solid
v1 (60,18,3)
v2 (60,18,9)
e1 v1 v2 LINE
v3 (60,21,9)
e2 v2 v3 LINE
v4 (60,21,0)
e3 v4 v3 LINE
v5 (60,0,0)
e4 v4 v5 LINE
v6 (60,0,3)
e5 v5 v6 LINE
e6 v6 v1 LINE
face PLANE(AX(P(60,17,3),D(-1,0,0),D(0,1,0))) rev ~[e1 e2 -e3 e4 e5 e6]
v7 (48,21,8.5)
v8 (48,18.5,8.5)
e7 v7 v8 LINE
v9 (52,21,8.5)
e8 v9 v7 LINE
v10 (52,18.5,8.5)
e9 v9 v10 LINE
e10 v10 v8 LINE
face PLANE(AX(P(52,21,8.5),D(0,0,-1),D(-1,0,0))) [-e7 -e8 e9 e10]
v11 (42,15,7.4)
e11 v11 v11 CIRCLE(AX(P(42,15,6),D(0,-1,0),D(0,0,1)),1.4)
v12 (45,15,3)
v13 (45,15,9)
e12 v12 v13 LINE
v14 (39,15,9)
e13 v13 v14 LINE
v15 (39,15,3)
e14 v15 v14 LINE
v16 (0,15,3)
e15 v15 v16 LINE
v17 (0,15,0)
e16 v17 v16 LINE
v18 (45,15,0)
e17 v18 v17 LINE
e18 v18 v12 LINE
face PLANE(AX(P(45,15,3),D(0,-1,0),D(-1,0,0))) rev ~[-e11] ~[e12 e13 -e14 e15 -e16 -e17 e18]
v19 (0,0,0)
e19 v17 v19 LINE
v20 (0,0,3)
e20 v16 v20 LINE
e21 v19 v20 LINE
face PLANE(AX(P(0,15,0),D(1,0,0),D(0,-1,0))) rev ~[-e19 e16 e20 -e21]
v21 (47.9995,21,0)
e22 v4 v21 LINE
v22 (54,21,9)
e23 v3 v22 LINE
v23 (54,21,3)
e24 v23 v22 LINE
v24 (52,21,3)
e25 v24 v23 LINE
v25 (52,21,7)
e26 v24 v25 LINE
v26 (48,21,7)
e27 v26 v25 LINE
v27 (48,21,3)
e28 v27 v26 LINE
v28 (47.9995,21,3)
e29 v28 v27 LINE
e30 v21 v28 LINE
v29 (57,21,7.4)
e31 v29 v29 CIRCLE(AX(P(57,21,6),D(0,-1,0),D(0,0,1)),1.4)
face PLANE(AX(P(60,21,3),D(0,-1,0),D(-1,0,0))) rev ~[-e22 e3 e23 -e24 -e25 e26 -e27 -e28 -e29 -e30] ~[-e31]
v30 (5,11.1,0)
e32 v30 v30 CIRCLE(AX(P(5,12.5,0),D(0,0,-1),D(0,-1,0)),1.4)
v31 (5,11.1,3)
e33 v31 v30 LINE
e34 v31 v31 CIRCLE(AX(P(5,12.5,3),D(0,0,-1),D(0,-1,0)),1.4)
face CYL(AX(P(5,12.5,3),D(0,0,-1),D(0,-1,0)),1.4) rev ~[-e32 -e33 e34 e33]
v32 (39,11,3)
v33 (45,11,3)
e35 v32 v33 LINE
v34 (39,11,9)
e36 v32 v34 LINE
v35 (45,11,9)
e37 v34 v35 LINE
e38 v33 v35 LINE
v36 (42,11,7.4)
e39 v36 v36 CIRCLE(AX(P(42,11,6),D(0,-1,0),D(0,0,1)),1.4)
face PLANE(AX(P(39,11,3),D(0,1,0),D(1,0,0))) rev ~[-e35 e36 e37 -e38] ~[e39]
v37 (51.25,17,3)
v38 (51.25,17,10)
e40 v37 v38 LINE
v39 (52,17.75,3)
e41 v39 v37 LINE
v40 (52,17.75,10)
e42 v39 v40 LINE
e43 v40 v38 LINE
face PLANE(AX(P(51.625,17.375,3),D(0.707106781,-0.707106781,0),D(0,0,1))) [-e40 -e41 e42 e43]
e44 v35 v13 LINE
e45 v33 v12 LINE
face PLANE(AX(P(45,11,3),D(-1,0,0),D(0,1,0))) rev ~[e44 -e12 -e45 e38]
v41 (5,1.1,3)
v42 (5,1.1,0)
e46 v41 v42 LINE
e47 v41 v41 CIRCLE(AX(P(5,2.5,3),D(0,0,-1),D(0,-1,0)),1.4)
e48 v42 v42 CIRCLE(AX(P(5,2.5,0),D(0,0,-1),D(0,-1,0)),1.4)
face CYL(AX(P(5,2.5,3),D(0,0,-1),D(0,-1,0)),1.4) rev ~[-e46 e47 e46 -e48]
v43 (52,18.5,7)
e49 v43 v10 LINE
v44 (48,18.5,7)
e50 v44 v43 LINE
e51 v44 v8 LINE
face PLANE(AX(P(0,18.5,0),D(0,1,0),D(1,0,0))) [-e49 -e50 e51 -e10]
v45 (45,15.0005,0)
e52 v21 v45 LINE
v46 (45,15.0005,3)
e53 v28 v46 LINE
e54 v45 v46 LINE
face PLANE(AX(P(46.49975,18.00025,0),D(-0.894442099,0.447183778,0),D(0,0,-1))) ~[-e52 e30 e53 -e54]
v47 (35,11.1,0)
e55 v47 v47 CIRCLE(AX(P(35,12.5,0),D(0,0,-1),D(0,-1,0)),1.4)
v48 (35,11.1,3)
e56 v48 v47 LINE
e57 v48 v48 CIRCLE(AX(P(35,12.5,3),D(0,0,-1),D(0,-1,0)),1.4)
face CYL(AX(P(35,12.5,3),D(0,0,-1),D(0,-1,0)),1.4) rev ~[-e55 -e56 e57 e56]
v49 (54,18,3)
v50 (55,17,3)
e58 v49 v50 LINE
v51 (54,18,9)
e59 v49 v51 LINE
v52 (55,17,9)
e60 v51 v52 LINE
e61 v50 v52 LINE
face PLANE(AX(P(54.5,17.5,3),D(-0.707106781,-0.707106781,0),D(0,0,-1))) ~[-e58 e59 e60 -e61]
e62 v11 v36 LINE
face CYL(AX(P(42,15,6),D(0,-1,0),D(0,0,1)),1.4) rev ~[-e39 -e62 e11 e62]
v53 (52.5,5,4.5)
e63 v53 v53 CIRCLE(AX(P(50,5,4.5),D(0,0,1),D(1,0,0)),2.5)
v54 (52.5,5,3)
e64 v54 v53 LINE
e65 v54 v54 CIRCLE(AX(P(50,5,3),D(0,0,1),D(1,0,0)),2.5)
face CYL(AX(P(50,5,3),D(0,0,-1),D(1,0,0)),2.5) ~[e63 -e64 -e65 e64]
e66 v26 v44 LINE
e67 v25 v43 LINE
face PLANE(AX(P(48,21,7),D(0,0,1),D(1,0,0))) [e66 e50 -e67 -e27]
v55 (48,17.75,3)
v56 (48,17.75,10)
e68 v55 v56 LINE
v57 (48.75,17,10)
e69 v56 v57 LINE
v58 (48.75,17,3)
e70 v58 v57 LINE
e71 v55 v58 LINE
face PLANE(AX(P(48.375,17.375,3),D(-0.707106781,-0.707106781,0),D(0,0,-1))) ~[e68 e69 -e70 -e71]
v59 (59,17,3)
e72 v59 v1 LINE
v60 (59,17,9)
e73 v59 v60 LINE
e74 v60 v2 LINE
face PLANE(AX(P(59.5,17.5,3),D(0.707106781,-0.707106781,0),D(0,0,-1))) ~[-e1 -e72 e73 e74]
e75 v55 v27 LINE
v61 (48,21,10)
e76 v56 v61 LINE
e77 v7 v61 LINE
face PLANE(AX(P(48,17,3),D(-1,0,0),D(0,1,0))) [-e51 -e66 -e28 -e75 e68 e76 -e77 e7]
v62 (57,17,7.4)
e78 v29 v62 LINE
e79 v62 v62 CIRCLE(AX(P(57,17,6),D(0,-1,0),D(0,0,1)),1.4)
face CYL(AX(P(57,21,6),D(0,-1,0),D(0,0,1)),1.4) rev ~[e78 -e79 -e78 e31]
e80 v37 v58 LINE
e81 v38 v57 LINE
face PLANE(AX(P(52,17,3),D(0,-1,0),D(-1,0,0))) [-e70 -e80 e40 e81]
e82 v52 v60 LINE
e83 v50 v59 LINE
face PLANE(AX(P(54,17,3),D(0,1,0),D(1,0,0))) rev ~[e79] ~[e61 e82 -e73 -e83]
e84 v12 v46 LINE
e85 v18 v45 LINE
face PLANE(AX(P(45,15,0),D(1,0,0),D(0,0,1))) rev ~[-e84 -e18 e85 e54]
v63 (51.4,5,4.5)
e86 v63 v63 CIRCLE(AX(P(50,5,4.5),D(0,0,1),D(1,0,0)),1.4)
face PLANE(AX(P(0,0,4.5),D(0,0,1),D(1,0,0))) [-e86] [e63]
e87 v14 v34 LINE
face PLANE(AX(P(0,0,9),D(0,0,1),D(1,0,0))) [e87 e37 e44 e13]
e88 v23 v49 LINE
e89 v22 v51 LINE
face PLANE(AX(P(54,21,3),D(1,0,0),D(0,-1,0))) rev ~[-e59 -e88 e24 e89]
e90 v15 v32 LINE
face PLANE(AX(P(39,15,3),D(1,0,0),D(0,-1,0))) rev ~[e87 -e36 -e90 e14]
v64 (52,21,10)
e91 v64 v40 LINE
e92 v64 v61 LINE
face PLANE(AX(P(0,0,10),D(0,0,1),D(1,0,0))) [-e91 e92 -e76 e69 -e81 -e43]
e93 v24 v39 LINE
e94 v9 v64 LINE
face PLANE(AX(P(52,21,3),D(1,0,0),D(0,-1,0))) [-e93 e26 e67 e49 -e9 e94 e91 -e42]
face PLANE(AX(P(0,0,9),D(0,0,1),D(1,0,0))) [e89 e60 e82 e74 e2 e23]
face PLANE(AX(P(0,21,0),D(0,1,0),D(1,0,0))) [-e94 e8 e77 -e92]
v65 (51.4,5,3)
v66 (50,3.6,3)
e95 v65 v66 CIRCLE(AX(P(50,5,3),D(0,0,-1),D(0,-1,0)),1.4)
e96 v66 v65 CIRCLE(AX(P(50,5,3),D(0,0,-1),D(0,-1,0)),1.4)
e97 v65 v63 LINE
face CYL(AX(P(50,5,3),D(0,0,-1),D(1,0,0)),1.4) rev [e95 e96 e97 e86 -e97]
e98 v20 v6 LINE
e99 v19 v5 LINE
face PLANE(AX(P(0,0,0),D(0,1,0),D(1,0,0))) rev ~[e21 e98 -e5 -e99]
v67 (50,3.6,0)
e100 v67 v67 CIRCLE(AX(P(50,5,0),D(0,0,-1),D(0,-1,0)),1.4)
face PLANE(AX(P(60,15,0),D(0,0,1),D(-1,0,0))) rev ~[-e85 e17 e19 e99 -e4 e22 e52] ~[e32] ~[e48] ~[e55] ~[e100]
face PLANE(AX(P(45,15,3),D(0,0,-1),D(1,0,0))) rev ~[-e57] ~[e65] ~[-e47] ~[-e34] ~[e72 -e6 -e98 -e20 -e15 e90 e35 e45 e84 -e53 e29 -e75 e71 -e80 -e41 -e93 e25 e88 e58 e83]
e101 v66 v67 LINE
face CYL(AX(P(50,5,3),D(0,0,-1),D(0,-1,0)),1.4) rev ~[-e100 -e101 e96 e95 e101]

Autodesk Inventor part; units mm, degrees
ref_plane "YZ Plane" through (0, 0, 0) normal (1, 0, 0) x (0, 1, 0)
ref_plane "XZ Plane" through (0, 0, 0) normal (0, 1, 0) x (-1, 0, 0)
ref_plane "XY Plane" through (0, 0, 0) normal (0, 0, 1) x (1, 0, 0)
sketch "Sketch1" plane through (0, 0, 0) normal (0, 0, 1) x (1, 0, 0)
  line L0 (0, 0) -> (60, 0)
  line L1 (60, 0) -> (60, 15)
  line L2 (60, 15) -> (0, 15)
  line L3 (0, 15) -> (0, 0)
  dimension "d0" = 60
  dimension "d1" = 15
extrude "Extrusion1" add sketch "Sketch1" along normal blind 3
sketch "Sketch2" plane through (0, 0, 3) normal (0, 0, 1) x (1, 0, 0)
  line L0 (0, 15) -> (0, 0) projected
  line L1 (0, 0) -> (60, 0) projected
  point P0 (50, 5)
  dimension "d4" = 50
  dimension "d5" = 5
hole "Hole1" at (50, 5, 3) direction (0, 0, -1) diameter 2.8 depth 10
sketch "Sketch3" plane through (0, 0, 3) normal (0, 0, 1) x (1, 0, 0)
  point P0 (0, 0)
sketch "Sketch4" plane through (0, 0, 3) normal (0, 0, 1) x (1, 0, 0)
  circle A0 centre (50, 5) radius 2.5
  circle A1 centre (50, 5) radius 1.4 projected
  circle A2 centre (50, 5) radius 1.4
  point P0 (0, 0)
  dimension "d13" = 5
extrude "Extrusion2" add sketch "Sketch4" along normal blind 1.5
sketch "Sketch5" plane through (0, 15, 0) normal (0, 1, 0) x (1, 0, 0)
  line L0 (0, -3) -> (60, -3) projected
  line L1 (60, 0) -> (45, 0)
  line L2 (45, 0) -> (45, -3)
  line L3 (45, -3) -> (60, -3)
  line L4 (60, -3) -> (60, 0)
  point P0 (0, 0)
  dimension "d16" = 15
extrude "Extrusion3" add sketch "Sketch5" along normal blind 6
sketch "Sketch6" plane through (0, 0, 3) normal (0, 0, 1) x (1, 0, 0)
  line L0 (60, 21) -> (45, 21) projected
  line L1 (48, 21) -> (52, 21)
  line L2 (52, 21) -> (52, 17)
  line L3 (52, 17) -> (48, 17)
  line L4 (48, 17) -> (48, 21)
  line L5 (60, 0) -> (60, 21) projected
  point P0 (0, 0)
  dimension "d19" = 4
  dimension "d20" = 4
  dimension "d21" = 8
extrude "Extrusion4" add sketch "Sketch6" along normal blind 7
sketch "Sketch7" plane through (0, 21, 0) normal (0, 1, 0) x (1, 0, 0)
  line L0 (48, -3) -> (48, -10) projected
  line L1 (52, -3) -> (52, -10) projected
  line L2 (48, -7) -> (52, -7)
  line L3 (52, -7) -> (52, -8.5)
  line L4 (52, -8.5) -> (48, -8.5)
  line L5 (48, -8.5) -> (48, -7)
  line L6 (52, -10) -> (48, -10) projected
  point P0 (0, 0)
  point P1 (50, -8.5)
  dimension "d24" = 1.5
  dimension "d25" = 1.5
extrude "Extrusion5" cut sketch "Sketch7" against normal blind 2.5 contours L2 L1 L4 L0
sketch "Sketch8" plane through (0, 0, 3) normal (0, 0, 1) x (1, 0, 0)
  line L0 (60, 21) -> (45, 21) projected
  line L1 (60, 21) -> (54, 21)
  line L2 (54, 21) -> (54, 17)
  line L3 (54, 17) -> (60, 17)
  line L4 (60, 17) -> (60, 21)
  point P0 (0, 0)
  dimension "d28" = 6
  dimension "d29" = 4
extrude "Extrusion6" add sketch "Sketch8" along normal blind 6
sketch "Sketch9" plane through (0, 21, 0) normal (0, 1, 0) x (1, 0, 0)
  line L0 (60, 0) -> (60, -9) projected
  line L1 (60, -9) -> (54, -9) projected
  point P0 (0, 0)
  point P1 (57, -6)
  dimension "d32" = 3
  dimension "d33" = 3
hole "Hole2" at (57, 21, 6) direction (0, -1, 0) diameter 2.8 depth 5
chamfer "Chamfer1" distance 0.75 angle 45 2 edges at (52, 17, 6.5) (48, 17, 6.5)
chamfer "Chamfer2" distance 1 angle 45 2 edges at (60, 17, 6) (54, 17, 6)
chamfer "Chamfer3" distance 3 distance2 6 1 edges at (45, 21, 1.5) measured on face at (53, 21, 1)
sketch "Sketch10" plane through (0, 0, 3) normal (0, 0, 1) x (1, 0, 0)
  line L0 (45, 15) -> (0, 15) projected
  line L1 (45, 15) -> (39, 15)
  line L2 (39, 15) -> (39, 11)
  line L3 (39, 11) -> (45, 11)
  line L4 (45, 11) -> (45, 15)
  point P0 (0, 0)
  dimension "d50" = 6
  dimension "d51" = 4
extrude "Extrusion7" add sketch "Sketch10" along normal blind 6
sketch "Sketch11" plane through (0, 15, 3) normal (0, 1, 0) x (1, 0, 0)
  line L0 (45, -6) -> (39, -6) projected
  line L1 (39, 0) -> (39, -6) projected
  point P0 (0, 3)
  point P1 (42, -3)
  dimension "d54" = 3
  dimension "d55" = 3
hole "Hole3" at (42, 15, 6) direction (0, -1, 0) diameter 2.8 depth 5
sketch "Sketch12" plane through (0, 0, 3) normal (0, 0, 1) x (1, 0, 0)
  line L0 (35, 12.5) -> (5, 12.5)
  line L1 (5, 12.5) -> (5, 2.5)
  line L2 (12.2868, 12.5) -> (12.2868, 15)
  line L3 (45, 15) -> (0, 15) projected
  line L4 (11.9839, 2.5) -> (11.9839, 0)
  line L5 (0, 0) -> (60, 0) projected
  line L6 (0, 15) -> (0, 0) projected
  dimension "d64" = 10
  dimension "d65" = 5
hole "Hole4" at (35, 12.5, 3) at (5, 12.5, 3) at (5, 2.5, 3) direction (0, 0, -1) diameter 2.8 depth 3
properties part number "probe mount 1 side"
